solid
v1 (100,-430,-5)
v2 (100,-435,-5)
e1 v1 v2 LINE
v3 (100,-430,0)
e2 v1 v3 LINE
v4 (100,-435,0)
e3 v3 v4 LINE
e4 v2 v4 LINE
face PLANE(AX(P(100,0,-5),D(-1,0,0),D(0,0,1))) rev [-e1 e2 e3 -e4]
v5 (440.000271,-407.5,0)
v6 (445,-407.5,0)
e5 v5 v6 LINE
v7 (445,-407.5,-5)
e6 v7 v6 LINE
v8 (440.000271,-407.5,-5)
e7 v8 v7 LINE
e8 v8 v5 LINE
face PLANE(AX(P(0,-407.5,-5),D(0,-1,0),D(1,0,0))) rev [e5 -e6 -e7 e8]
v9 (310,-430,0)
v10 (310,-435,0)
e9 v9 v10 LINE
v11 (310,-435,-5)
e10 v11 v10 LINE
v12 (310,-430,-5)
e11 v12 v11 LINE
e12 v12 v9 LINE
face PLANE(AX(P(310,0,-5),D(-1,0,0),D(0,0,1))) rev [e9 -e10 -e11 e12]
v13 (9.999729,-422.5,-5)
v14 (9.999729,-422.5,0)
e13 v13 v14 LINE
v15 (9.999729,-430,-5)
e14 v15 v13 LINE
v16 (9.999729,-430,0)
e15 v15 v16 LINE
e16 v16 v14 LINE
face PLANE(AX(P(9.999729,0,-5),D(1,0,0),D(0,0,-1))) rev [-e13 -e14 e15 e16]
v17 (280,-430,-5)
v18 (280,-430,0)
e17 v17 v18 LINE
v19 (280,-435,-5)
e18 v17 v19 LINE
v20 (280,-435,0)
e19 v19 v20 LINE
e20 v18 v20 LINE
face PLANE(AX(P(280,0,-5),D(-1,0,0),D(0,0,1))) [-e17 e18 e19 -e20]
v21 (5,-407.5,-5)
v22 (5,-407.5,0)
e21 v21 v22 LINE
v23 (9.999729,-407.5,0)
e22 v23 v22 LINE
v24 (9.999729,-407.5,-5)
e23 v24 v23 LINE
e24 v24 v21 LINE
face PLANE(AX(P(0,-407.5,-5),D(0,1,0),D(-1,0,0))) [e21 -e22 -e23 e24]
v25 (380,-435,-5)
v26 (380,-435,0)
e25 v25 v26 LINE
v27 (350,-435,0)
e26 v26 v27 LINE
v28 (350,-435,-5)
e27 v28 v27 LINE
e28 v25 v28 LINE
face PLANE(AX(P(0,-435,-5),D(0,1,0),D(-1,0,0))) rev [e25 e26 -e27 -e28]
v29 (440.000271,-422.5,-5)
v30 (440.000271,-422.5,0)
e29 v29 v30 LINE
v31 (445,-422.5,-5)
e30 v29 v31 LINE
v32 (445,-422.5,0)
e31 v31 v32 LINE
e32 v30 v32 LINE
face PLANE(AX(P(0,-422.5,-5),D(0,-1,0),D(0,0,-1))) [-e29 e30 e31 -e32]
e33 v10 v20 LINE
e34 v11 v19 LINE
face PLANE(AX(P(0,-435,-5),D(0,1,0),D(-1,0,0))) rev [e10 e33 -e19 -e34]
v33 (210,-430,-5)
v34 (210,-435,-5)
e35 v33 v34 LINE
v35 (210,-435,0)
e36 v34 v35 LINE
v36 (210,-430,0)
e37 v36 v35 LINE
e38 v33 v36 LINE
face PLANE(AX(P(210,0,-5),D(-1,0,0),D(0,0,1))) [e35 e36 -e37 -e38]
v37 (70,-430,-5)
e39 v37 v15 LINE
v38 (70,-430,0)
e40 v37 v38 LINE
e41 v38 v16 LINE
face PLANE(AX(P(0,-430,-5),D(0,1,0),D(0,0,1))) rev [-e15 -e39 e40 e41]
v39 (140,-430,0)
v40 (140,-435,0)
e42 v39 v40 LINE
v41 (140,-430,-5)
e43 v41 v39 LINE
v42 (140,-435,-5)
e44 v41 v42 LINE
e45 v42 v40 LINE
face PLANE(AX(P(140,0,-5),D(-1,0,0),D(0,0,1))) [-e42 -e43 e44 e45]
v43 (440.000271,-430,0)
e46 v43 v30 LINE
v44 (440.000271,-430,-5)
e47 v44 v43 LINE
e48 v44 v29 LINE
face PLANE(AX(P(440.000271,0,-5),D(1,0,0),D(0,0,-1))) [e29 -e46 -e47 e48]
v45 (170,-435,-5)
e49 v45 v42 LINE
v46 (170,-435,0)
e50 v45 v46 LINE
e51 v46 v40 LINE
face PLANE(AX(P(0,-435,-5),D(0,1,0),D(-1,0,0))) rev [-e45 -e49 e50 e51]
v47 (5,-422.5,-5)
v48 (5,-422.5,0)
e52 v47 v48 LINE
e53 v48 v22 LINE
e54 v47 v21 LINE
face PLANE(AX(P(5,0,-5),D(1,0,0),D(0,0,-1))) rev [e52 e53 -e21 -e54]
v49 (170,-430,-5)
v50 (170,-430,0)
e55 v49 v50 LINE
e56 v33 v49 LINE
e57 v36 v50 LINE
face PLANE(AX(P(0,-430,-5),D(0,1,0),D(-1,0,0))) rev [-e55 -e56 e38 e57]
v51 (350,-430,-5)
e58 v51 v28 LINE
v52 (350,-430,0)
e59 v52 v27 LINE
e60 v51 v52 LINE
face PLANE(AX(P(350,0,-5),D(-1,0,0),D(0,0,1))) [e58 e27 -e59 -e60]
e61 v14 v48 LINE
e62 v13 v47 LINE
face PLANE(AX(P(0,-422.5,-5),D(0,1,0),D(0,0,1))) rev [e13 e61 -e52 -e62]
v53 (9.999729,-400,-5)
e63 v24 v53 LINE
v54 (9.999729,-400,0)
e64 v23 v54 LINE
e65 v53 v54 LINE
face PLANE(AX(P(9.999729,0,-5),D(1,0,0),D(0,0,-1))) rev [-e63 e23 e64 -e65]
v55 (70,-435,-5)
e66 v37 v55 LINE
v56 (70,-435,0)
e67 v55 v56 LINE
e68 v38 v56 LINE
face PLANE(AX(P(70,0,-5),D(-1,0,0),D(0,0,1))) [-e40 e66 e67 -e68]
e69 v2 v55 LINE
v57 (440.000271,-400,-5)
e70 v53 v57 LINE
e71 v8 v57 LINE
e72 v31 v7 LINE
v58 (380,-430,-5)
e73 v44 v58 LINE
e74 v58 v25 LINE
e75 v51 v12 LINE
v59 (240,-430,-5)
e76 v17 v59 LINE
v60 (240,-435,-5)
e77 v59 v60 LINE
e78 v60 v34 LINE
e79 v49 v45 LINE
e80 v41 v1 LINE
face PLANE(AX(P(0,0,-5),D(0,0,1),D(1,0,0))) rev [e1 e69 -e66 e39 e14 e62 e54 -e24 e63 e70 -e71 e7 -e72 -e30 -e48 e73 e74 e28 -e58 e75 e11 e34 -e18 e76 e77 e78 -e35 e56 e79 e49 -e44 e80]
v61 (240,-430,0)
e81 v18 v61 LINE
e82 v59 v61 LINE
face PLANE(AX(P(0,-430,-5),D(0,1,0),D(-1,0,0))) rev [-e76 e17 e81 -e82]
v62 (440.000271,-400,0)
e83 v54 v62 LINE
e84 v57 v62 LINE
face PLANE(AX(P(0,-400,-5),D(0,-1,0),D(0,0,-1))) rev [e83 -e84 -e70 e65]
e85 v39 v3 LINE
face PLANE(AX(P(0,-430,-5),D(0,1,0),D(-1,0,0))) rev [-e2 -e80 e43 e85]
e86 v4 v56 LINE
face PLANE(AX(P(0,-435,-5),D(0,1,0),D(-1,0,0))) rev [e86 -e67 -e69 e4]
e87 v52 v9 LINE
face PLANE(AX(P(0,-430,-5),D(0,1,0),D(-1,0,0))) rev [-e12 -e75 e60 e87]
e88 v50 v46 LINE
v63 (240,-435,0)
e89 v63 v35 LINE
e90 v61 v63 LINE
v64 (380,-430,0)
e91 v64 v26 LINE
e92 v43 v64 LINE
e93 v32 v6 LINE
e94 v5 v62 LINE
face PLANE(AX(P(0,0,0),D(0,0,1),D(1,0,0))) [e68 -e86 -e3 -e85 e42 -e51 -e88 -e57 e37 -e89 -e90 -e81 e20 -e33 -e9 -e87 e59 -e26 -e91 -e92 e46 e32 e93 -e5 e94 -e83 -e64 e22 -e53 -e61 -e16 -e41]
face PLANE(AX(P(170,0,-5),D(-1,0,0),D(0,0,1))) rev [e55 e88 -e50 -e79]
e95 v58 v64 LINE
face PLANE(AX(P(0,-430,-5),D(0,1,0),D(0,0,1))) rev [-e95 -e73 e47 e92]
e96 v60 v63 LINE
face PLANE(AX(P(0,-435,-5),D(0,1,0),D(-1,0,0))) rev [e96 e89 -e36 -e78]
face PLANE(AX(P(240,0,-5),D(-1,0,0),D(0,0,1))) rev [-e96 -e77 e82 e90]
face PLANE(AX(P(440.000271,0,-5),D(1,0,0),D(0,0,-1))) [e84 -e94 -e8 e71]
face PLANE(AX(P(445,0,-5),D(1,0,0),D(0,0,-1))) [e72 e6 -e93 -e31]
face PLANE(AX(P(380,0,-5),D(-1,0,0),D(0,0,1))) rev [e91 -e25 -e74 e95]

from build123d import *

# Parameters (mm, degrees)
BOSS_EXTRUDE1_DEPTH = 5


with BuildPart() as part:
    # Sketch1 → Boss-Extrude1 (new body)
    with BuildSketch(Plane.XY):
        Polygon((440.000271395, -430), (440.000271395, -422.5), (445, -422.5), (445, -407.5), (440.000271395, -407.5), (440.000271395, -400), (9.999728605, -400), (9.999728605, -407.5), (5, -407.5), (5, -422.5), (9.999728605, -422.5), (9.999728605, -430), (70, -430), (70, -435), (100, -435), (100, -430), (140, -430), (140, -435), (170, -435), (170, -430), (210, -430), (210, -435), (240, -435), (240, -430), (280, -430), (280, -435), (310, -435), (310, -430), (350, -430), (350, -435), (380, -435), (380, -430), align=None)
    extrude(amount=-BOSS_EXTRUDE1_DEPTH)


solid = part.part
